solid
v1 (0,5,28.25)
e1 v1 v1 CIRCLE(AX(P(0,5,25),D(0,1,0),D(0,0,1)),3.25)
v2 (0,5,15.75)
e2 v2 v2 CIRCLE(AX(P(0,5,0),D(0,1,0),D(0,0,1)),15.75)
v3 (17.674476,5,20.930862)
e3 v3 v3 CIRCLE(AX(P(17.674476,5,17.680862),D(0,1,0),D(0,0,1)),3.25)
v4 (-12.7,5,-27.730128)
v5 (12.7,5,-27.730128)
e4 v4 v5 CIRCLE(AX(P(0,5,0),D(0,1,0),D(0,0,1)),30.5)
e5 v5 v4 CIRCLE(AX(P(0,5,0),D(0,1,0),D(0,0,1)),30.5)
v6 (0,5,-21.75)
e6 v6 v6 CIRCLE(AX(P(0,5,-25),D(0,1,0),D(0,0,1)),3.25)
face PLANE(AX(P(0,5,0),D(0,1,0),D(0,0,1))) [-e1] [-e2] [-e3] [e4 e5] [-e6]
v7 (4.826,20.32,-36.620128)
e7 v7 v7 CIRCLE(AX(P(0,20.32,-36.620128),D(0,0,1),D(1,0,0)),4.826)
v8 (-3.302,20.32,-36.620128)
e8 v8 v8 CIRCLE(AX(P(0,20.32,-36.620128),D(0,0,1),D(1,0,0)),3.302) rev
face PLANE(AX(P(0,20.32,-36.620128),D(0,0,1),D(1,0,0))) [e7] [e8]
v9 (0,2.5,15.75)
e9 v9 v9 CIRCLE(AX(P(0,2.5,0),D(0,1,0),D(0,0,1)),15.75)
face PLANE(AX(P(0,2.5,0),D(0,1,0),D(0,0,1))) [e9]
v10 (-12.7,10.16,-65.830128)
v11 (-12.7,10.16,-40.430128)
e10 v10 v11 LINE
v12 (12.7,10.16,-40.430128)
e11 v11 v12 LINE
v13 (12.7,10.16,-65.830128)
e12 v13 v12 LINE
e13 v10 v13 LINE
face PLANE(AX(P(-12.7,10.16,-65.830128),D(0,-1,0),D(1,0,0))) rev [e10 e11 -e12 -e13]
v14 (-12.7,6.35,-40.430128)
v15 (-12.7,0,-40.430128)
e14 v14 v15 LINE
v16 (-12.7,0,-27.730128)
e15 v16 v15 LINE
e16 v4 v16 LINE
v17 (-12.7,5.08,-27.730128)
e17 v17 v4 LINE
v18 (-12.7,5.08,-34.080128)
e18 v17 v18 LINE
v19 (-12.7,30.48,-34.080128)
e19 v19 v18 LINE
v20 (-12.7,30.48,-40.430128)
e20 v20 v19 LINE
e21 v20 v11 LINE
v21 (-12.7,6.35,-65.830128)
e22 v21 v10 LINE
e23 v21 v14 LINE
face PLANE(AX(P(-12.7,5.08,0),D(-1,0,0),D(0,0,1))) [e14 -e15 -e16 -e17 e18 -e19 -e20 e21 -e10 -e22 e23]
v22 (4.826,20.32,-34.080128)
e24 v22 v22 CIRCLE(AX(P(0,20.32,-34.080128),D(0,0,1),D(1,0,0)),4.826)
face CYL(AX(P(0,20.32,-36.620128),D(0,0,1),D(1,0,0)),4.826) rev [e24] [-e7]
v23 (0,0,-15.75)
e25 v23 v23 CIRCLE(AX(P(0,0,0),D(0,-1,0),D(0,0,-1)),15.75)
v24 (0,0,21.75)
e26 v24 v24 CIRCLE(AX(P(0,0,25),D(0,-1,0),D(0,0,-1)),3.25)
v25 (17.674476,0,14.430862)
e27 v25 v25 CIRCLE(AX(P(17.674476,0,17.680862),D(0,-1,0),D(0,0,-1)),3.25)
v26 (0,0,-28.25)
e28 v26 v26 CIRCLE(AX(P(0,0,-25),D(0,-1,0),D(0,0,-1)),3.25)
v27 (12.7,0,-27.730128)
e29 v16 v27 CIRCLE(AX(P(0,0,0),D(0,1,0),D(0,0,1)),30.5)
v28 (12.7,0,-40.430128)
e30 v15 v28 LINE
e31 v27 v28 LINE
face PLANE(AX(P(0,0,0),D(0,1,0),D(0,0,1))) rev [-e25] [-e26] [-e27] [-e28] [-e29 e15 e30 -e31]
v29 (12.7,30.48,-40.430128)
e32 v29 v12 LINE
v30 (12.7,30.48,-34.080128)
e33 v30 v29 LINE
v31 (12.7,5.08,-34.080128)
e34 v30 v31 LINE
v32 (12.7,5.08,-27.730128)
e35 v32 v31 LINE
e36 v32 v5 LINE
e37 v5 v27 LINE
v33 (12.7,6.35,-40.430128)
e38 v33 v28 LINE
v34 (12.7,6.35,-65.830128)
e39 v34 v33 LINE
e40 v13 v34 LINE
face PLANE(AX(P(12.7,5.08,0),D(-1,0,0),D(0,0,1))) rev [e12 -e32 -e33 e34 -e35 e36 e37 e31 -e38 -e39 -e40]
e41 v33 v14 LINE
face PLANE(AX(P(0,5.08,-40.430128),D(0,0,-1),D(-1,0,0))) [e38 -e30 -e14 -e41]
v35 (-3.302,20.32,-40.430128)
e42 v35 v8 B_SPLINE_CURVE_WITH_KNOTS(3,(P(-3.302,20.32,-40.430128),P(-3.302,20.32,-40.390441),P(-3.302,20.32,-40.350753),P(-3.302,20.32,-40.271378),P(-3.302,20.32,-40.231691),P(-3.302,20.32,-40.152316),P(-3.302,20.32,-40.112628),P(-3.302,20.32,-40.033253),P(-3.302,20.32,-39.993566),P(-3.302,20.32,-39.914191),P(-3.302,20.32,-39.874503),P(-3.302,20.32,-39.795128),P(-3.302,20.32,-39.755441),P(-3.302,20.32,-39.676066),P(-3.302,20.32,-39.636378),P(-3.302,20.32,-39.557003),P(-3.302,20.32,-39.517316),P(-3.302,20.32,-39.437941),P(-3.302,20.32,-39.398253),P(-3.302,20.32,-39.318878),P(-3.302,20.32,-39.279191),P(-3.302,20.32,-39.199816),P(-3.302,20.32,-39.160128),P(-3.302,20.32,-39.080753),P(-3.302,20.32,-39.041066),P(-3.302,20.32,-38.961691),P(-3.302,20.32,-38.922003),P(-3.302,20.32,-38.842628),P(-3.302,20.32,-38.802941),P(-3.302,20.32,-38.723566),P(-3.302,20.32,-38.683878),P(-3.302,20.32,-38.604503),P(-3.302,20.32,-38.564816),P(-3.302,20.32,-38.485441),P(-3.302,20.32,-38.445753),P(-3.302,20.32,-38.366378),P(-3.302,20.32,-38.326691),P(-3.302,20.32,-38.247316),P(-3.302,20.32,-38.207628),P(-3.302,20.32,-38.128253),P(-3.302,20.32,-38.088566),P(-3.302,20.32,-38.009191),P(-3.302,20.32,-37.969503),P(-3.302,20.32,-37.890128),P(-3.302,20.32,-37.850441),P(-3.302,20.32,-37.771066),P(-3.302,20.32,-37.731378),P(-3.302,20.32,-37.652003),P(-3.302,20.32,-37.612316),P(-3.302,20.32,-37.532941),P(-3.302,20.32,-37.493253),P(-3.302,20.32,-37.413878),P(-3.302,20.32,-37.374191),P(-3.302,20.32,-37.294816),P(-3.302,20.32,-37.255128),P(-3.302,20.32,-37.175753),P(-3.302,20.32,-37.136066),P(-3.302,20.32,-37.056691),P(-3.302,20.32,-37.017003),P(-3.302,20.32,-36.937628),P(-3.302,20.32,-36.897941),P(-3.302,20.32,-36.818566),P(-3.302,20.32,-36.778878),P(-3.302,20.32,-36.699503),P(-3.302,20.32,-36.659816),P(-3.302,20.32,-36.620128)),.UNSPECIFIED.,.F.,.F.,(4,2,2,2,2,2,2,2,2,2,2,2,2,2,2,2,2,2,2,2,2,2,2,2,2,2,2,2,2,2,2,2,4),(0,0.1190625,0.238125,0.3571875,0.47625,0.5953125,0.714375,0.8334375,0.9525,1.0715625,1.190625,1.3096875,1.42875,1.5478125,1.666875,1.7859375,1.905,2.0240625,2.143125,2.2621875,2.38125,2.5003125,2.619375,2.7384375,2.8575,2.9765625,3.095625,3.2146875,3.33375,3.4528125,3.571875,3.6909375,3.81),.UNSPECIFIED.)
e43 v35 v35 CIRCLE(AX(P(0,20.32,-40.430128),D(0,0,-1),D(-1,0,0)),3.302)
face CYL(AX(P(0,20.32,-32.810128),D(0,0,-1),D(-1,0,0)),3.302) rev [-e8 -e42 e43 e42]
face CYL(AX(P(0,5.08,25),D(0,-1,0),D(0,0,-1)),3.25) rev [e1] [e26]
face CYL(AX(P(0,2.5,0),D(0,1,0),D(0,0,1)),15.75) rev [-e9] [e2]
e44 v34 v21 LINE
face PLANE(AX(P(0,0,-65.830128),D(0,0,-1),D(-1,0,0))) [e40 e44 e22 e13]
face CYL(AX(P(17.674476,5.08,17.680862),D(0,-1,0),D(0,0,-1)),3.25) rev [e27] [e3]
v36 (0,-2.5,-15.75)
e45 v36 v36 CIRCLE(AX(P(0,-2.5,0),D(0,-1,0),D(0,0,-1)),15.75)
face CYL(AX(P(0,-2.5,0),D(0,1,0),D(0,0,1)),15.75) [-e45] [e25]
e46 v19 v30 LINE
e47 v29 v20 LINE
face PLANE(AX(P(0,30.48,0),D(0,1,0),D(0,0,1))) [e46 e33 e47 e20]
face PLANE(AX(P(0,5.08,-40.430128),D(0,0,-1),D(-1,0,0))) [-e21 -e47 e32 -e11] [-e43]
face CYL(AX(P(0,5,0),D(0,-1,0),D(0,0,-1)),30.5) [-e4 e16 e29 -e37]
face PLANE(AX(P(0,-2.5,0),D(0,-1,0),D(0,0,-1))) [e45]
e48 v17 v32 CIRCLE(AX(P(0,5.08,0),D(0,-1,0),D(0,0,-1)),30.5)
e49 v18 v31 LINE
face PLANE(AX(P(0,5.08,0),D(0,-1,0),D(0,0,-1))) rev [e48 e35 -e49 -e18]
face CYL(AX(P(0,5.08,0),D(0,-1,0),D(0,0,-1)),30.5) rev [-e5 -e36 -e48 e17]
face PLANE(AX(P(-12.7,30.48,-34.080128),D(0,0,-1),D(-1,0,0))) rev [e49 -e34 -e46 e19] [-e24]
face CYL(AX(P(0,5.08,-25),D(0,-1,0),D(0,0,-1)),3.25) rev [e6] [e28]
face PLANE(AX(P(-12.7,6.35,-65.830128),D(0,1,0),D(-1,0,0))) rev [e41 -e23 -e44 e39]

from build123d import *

# Parameters (mm, degrees)
SKETCH1_R           = 30.5
BOSS_EXTRUDE1_DEPTH = 5
SKETCH2_R           = 15.75
CUT_EXTRUDE1_DEPTH  = 2.5
SKETCH3_R           = 15.75
BOSS_EXTRUDE2_DEPTH = 2.5
SKETCH4_R           = 3.25
CUT_EXTRUDE2_DEPTH  = 5.08
SKETCH5_R           = 3.25
CUT_EXTRUDE3_DEPTH  = 5.08
SKETCH6_R           = 3.25
CUT_EXTRUDE4_DEPTH  = 5.08
BOSS_EXTRUDE3_DEPTH = 5.08
SKETCH8_W           = 25.4
SKETCH8_H           = 6.35
BOSS_EXTRUDE4_DEPTH = 25.4
SKETCH9_W           = 25.4
SKETCH9_H           = 3.81
BOSS_EXTRUDE5_DEPTH = 25.4
SKETCH10_R          = 3.302
CUT_EXTRUDE5_DEPTH  = 7.62
SKETCH12_R          = 4.826
CUT_EXTRUDE6_DEPTH  = 2.54


with BuildPart() as part:
    # Sketch1 → Boss-Extrude1 (new body)
    with BuildSketch(Plane(origin=(0, 0, 0), x_dir=(1, 0, 0), z_dir=(0, 1, 0))):
        with Locations(Location((0, 0, 0), (0, 0, 270))):
            Circle(SKETCH1_R)
    extrude(amount=BOSS_EXTRUDE1_DEPTH)

    # Sketch2 → Cut-Extrude1 (cut)
    with BuildSketch(Plane(origin=(0, 5, 0), x_dir=(1, 0, 0), z_dir=(0, 1, 0))):
        with Locations(Location((0, 0, 0), (0, 0, 270))):
            Circle(SKETCH2_R)
    extrude(amount=-CUT_EXTRUDE1_DEPTH, mode=Mode.SUBTRACT)

    # Sketch3 → Boss-Extrude2 (add)
    with BuildSketch(Plane.XZ):
        with Locations(Location((0, 0, 0), (0, 0, 90))):
            Circle(SKETCH3_R)
    extrude(amount=BOSS_EXTRUDE2_DEPTH)

    # Sketch4 → Cut-Extrude2 (cut)
    with BuildSketch(Plane(origin=(0, 0, 0), x_dir=(-1, 0, 0), z_dir=(0, -1, 0))):
        with Locations(Location((0, 25, 0), (0, 0, 90))):
            Circle(SKETCH4_R)
    extrude(amount=-CUT_EXTRUDE2_DEPTH, mode=Mode.SUBTRACT)

    # Sketch5 → Cut-Extrude3 (cut)
    with BuildSketch(Plane.XZ):
        with Locations(Location((0, 25, 0), (0, 0, 270))):
            Circle(SKETCH5_R)
    extrude(amount=-CUT_EXTRUDE3_DEPTH, mode=Mode.SUBTRACT)

    # Sketch6 → Cut-Extrude4 (cut)
    with BuildSketch(Plane.XZ):
        with Locations(Location((17.674476483, 17.680862, 0), (0, 0, 270))):
            Circle(SKETCH6_R)
    extrude(amount=-CUT_EXTRUDE4_DEPTH, mode=Mode.SUBTRACT)

    # Sketch7 → Boss-Extrude3 (add)
    with BuildSketch(Plane.XZ):
        with BuildLine():
            ThreePointArc((12.7, -27.73012802), (6.499272859, -29.79948745), (0, -30.5))
            ThreePointArc((0, -30.5), (-6.499272859, -29.79948745), (-12.7, -27.73012802))
            Line((-12.7, -27.73012802), (-12.7, -40.43012802))
            Line((-12.7, -40.43012802), (12.7, -40.43012802))
            Line((12.7, -40.43012802), (12.7, -27.73012802))
        make_face()
    extrude(amount=-BOSS_EXTRUDE3_DEPTH)

    # Sketch8 → Boss-Extrude4 (add)
    with BuildSketch(Plane(origin=(0, 5.08, 0), x_dir=(1, 0, 0), z_dir=(0, 1, 0))):
        with Locations((0, 37.25512802)):
            Rectangle(SKETCH8_W, SKETCH8_H)
    extrude(amount=BOSS_EXTRUDE4_DEPTH)

    # Sketch9 → Boss-Extrude5 (add)
    with BuildSketch(Plane(origin=(0, 0, -40.43012802), x_dir=(-1, 0, 0), z_dir=(0, 0, -1))):
        with Locations((0, 8.255)):
            Rectangle(SKETCH9_W, SKETCH9_H)
    extrude(amount=BOSS_EXTRUDE5_DEPTH)

    # Sketch10 → Cut-Extrude5 (cut)
    with BuildSketch(Plane(origin=(0, 0, -40.43012802), x_dir=(-1, 0, 0), z_dir=(0, 0, -1))):
        with Locations((0, 20.32)):
            Circle(SKETCH10_R)
    extrude(amount=-CUT_EXTRUDE5_DEPTH, mode=Mode.SUBTRACT)

    # Sketch12 → Cut-Extrude6 (cut)
    with BuildSketch(Plane.XY.offset(-34.08012802)):
        with Locations((0, 20.32)):
            Circle(SKETCH12_R)
    extrude(amount=-CUT_EXTRUDE6_DEPTH, mode=Mode.SUBTRACT)


solid = part.part
